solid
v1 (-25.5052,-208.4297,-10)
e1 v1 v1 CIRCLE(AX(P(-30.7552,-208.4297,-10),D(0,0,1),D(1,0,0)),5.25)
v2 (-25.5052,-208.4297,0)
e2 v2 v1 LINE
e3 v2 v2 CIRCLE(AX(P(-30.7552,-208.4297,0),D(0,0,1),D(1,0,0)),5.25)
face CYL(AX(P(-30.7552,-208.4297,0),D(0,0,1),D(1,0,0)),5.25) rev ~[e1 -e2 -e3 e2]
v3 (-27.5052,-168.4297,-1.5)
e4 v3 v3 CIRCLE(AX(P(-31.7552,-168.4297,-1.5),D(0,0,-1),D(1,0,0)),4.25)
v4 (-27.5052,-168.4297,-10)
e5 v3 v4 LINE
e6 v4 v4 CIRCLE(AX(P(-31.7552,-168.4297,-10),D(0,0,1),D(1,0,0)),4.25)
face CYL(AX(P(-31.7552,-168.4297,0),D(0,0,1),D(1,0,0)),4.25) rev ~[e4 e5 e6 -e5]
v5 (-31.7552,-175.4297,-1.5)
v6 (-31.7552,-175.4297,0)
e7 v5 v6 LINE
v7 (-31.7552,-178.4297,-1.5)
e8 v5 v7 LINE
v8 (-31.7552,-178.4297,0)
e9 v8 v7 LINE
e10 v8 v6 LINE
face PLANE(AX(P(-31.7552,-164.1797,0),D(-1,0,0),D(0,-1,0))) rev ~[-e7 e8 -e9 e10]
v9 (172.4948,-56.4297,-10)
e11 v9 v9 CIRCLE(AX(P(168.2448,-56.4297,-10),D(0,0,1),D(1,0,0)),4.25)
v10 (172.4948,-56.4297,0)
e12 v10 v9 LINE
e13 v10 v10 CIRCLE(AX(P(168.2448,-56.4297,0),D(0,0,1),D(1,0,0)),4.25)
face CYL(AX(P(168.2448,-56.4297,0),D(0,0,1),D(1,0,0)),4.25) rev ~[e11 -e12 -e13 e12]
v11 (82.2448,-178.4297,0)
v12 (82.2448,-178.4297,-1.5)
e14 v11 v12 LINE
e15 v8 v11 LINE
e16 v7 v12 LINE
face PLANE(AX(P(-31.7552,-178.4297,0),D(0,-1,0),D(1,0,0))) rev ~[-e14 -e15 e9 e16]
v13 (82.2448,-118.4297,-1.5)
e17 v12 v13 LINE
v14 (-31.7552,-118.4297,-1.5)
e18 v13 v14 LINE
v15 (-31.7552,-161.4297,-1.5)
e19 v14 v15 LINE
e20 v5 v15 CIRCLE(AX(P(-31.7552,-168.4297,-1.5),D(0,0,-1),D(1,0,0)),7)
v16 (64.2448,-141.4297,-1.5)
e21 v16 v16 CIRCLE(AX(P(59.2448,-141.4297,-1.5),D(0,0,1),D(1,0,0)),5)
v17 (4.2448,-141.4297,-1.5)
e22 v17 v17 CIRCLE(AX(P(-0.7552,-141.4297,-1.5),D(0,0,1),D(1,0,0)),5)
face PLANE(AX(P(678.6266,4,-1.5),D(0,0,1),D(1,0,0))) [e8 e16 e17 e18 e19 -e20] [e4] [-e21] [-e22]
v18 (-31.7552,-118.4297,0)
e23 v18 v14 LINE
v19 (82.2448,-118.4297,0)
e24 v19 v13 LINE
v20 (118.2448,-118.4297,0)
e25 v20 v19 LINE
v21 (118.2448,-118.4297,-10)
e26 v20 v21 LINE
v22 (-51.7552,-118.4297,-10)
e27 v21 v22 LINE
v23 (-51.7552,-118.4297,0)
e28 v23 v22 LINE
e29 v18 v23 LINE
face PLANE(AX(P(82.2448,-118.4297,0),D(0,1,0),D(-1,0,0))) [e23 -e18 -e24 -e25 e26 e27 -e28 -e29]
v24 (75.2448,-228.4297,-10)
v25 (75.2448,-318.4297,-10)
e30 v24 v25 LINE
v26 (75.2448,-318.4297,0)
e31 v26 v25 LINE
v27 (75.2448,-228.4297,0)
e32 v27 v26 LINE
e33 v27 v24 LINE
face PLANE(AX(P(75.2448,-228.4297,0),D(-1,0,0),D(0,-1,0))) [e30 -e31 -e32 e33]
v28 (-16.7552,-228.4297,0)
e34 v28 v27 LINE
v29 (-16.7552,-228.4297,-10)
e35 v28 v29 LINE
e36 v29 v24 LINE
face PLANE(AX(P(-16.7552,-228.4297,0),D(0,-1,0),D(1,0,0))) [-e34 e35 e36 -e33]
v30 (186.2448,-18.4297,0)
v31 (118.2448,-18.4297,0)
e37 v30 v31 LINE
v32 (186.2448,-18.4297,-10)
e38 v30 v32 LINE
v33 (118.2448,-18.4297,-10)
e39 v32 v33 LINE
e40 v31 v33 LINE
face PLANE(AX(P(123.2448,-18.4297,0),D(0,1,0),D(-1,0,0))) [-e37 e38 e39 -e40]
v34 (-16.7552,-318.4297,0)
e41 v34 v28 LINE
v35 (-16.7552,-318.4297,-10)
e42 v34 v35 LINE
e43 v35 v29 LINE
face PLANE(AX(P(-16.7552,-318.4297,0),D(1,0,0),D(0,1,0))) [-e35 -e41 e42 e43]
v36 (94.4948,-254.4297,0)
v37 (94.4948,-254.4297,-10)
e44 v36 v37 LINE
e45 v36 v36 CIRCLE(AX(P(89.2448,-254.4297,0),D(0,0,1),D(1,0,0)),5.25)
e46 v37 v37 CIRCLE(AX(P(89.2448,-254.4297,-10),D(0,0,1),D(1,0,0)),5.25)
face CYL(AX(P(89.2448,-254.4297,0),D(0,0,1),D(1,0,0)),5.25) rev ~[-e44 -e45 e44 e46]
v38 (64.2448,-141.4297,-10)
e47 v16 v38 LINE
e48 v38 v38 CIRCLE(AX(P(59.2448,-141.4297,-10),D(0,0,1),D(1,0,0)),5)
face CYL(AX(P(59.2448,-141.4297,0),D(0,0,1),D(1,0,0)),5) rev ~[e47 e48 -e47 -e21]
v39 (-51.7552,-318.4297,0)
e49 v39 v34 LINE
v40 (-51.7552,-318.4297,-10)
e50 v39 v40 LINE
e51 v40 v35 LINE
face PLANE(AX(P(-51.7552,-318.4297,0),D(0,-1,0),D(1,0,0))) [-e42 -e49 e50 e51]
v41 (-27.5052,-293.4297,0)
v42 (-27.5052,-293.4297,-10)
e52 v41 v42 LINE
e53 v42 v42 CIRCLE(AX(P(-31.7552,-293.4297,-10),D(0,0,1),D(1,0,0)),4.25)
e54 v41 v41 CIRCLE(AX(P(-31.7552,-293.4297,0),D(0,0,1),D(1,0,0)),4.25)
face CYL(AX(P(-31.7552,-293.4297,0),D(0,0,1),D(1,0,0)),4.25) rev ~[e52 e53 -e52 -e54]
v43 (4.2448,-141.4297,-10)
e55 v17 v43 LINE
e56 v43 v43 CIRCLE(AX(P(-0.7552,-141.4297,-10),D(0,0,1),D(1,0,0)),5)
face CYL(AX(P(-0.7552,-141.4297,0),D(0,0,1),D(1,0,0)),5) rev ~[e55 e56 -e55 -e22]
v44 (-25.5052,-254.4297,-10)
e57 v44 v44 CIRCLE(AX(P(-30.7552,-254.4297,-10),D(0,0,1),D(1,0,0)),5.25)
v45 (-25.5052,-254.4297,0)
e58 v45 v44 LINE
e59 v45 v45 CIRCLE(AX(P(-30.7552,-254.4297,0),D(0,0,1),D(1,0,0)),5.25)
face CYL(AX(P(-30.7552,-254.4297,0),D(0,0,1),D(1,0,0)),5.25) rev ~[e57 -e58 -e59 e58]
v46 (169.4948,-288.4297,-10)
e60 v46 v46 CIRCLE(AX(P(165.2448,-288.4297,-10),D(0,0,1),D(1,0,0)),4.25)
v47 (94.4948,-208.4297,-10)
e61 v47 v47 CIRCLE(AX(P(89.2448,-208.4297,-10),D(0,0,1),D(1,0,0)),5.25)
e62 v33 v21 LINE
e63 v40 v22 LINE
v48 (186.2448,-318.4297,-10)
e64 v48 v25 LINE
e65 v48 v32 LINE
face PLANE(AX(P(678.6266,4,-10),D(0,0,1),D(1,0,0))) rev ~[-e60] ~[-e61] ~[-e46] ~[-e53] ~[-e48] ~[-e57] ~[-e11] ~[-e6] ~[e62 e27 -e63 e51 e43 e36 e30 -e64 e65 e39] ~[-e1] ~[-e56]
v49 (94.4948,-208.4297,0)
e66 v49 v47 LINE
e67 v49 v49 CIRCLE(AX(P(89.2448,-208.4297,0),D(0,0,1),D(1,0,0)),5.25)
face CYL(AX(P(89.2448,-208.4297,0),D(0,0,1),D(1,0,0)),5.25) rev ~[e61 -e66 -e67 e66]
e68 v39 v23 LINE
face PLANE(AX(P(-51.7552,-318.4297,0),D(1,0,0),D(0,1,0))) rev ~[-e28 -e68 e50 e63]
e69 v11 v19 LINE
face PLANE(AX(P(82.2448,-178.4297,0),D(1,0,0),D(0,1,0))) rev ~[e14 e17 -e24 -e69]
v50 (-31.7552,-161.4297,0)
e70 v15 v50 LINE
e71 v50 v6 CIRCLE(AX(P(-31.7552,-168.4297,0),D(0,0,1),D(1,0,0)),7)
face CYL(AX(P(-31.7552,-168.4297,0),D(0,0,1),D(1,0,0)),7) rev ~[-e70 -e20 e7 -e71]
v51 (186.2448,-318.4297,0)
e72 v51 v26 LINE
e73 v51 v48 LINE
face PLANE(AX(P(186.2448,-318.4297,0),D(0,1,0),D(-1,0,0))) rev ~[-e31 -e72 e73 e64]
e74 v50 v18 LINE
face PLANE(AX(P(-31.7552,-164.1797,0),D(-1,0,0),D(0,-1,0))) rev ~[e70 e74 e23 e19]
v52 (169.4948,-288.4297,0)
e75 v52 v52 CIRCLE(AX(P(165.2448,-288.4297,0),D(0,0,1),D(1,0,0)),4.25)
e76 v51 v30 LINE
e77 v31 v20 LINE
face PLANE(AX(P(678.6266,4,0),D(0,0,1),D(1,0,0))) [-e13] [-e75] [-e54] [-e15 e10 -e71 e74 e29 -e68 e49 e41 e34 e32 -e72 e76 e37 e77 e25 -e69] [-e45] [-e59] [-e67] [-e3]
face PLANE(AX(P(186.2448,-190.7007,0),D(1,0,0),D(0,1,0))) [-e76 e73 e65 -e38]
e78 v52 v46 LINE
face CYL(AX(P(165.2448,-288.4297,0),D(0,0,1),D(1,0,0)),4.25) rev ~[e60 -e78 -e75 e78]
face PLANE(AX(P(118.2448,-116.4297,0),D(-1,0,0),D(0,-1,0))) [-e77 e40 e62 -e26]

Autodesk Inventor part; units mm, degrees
ref_plane "YZ Plane" through (0, 0, 0) normal (1, 0, 0) x (0, 1, 0)
ref_plane "XZ Plane" through (0, 0, 0) normal (0, 1, 0) x (-1, 0, 0)
ref_plane "XY Plane" through (0, 0, 0) normal (0, 0, 1) x (1, 0, 0)
ref_plane "Work Plane1" through (678.6266, 4, 0) normal (0, 0, 1) x (1, 0, 0)
sketch "Sketch1" plane through (678.6266, 4, 0) normal (0, 0, 1) x (1, 0, 0)
  circle A0 centre (-710.3818, -172.4297) radius 4.25
  line L0 (-690.3818, -322.4297) -> (-513.3818, -322.4297) construction
  circle A1 centre (-679.3818, -145.4297) radius 5
  circle A2 centre (-619.3818, -145.4297) radius 5
  line L1 (-730.3818, -322.4297) -> (-695.3818, -322.4297)
  line L2 (-695.3818, -322.4297) -> (-695.3818, -232.4297)
  line L3 (-695.3818, -232.4297) -> (-603.3818, -232.4297)
  line L4 (-603.3818, -232.4297) -> (-603.3818, -322.4297)
  circle A3 centre (-710.3818, -172.4297) radius 4.25
  circle A4 centre (-513.3818, -292.4297) radius 4.25
  circle A5 centre (-510.3818, -60.4297) radius 4.25
  line L5 (-488.3818, -194.7007) -> (-492.3818, -194.7007)
  line L6 (-492.3818, -194.7007) -> (-492.3818, -322.4297)
  line L7 (-492.3818, -322.4297) -> (-492.3818, -22.4297)
  line L8 (-492.3818, -322.4297) -> (-603.3818, -322.4297)
  line L9 (-555.3818, -22.4297) -> (-492.3818, -22.4297)
  line L10 (-492.3818, -22.4297) -> (-560.3818, -22.4297)
  line L11 (-560.3818, -22.4297) -> (-560.3818, -120.4297)
  circle A6 centre (-710.3818, -297.4297) radius 4.25
  line L12 (-560.3818, -22.4297) -> (-560.3818, -122.4297)
  line L13 (-560.3818, -122.4297) -> (-730.3818, -122.4297)
  line L14 (-730.3818, -322.4297) -> (-730.3818, -122.4297)
  line L15 (-710.3818, -122.4297) -> (-710.3818, -182.4297)
  line L16 (-710.3818, -182.4297) -> (-596.3818, -182.4297)
  line L17 (-596.3818, -182.4297) -> (-596.3818, -122.4297)
  circle A7 centre (-710.3818, -172.4297) radius 7
  circle A8 centre (-709.3818, -258.4297) radius 5.25
  circle A9 centre (-709.3818, -212.4297) radius 5.25
  line L18 (-709.3818, -258.4297) -> (-589.3818, -258.4297) construction
  circle A10 centre (-589.3818, -258.4297) radius 5.25
  circle A11 centre (-589.3818, -212.4297) radius 5.25
  point P0 (-678.6266, -4)
  dimension "d52" = 8.5
  dimension "d57" = 10
  dimension "d59" = 10
  dimension "d61" = 35
  dimension "d62" = 92
  dimension "d70" = 8.5
  dimension "d71" = 8.5
  dimension "d72" = 4
  dimension "d73" = 68
  dimension "d75" = 8.5
  dimension "d76" = 100
  dimension "d77" = 200
  dimension "d78" = 170
  dimension "d80" = 60
  dimension "d81" = 114
  dimension "d88" = 14
  dimension "d95" = 10.5
  dimension "d96" = 10.5
  dimension "d100" = 10.5
  dimension "d101" = 10.5
extrude "Extrusion5" add sketch "Sketch1" against normal blind 10 contours A0 L15 | A0 L15 A7 | L15 A0 | A0 L15 A7 | A7 L15 L16 L17 L13 L12 L11 L10 L9 L7 L6 L8 L4 L3 L2 L1 L14 | L15 L13 L17 L16 A7 | A8 | A9 | A10 | A11
extrude "Extrusion7" cut sketch "Sketch1" against normal blind 1.5 contours A0 L15 | A0 L15 A7 | L15 L13 L17 L16 A7 picked at (-708.9651, -172.4297) picked at (-709.5473, -178.419)
extrude "Extrusion6" cut sketch "Sketch1" against normal blind 10 contours A0 L15 | L15 A0
extrude "Extrusion8" cut sketch "Sketch1" against normal blind 1.5 contours A0 L15 A7 | A0 L15 A7
extrude "Extrusion9" cut sketch "Sketch1" against normal blind 10.5 contours A8 | A9 | A10 | A11
